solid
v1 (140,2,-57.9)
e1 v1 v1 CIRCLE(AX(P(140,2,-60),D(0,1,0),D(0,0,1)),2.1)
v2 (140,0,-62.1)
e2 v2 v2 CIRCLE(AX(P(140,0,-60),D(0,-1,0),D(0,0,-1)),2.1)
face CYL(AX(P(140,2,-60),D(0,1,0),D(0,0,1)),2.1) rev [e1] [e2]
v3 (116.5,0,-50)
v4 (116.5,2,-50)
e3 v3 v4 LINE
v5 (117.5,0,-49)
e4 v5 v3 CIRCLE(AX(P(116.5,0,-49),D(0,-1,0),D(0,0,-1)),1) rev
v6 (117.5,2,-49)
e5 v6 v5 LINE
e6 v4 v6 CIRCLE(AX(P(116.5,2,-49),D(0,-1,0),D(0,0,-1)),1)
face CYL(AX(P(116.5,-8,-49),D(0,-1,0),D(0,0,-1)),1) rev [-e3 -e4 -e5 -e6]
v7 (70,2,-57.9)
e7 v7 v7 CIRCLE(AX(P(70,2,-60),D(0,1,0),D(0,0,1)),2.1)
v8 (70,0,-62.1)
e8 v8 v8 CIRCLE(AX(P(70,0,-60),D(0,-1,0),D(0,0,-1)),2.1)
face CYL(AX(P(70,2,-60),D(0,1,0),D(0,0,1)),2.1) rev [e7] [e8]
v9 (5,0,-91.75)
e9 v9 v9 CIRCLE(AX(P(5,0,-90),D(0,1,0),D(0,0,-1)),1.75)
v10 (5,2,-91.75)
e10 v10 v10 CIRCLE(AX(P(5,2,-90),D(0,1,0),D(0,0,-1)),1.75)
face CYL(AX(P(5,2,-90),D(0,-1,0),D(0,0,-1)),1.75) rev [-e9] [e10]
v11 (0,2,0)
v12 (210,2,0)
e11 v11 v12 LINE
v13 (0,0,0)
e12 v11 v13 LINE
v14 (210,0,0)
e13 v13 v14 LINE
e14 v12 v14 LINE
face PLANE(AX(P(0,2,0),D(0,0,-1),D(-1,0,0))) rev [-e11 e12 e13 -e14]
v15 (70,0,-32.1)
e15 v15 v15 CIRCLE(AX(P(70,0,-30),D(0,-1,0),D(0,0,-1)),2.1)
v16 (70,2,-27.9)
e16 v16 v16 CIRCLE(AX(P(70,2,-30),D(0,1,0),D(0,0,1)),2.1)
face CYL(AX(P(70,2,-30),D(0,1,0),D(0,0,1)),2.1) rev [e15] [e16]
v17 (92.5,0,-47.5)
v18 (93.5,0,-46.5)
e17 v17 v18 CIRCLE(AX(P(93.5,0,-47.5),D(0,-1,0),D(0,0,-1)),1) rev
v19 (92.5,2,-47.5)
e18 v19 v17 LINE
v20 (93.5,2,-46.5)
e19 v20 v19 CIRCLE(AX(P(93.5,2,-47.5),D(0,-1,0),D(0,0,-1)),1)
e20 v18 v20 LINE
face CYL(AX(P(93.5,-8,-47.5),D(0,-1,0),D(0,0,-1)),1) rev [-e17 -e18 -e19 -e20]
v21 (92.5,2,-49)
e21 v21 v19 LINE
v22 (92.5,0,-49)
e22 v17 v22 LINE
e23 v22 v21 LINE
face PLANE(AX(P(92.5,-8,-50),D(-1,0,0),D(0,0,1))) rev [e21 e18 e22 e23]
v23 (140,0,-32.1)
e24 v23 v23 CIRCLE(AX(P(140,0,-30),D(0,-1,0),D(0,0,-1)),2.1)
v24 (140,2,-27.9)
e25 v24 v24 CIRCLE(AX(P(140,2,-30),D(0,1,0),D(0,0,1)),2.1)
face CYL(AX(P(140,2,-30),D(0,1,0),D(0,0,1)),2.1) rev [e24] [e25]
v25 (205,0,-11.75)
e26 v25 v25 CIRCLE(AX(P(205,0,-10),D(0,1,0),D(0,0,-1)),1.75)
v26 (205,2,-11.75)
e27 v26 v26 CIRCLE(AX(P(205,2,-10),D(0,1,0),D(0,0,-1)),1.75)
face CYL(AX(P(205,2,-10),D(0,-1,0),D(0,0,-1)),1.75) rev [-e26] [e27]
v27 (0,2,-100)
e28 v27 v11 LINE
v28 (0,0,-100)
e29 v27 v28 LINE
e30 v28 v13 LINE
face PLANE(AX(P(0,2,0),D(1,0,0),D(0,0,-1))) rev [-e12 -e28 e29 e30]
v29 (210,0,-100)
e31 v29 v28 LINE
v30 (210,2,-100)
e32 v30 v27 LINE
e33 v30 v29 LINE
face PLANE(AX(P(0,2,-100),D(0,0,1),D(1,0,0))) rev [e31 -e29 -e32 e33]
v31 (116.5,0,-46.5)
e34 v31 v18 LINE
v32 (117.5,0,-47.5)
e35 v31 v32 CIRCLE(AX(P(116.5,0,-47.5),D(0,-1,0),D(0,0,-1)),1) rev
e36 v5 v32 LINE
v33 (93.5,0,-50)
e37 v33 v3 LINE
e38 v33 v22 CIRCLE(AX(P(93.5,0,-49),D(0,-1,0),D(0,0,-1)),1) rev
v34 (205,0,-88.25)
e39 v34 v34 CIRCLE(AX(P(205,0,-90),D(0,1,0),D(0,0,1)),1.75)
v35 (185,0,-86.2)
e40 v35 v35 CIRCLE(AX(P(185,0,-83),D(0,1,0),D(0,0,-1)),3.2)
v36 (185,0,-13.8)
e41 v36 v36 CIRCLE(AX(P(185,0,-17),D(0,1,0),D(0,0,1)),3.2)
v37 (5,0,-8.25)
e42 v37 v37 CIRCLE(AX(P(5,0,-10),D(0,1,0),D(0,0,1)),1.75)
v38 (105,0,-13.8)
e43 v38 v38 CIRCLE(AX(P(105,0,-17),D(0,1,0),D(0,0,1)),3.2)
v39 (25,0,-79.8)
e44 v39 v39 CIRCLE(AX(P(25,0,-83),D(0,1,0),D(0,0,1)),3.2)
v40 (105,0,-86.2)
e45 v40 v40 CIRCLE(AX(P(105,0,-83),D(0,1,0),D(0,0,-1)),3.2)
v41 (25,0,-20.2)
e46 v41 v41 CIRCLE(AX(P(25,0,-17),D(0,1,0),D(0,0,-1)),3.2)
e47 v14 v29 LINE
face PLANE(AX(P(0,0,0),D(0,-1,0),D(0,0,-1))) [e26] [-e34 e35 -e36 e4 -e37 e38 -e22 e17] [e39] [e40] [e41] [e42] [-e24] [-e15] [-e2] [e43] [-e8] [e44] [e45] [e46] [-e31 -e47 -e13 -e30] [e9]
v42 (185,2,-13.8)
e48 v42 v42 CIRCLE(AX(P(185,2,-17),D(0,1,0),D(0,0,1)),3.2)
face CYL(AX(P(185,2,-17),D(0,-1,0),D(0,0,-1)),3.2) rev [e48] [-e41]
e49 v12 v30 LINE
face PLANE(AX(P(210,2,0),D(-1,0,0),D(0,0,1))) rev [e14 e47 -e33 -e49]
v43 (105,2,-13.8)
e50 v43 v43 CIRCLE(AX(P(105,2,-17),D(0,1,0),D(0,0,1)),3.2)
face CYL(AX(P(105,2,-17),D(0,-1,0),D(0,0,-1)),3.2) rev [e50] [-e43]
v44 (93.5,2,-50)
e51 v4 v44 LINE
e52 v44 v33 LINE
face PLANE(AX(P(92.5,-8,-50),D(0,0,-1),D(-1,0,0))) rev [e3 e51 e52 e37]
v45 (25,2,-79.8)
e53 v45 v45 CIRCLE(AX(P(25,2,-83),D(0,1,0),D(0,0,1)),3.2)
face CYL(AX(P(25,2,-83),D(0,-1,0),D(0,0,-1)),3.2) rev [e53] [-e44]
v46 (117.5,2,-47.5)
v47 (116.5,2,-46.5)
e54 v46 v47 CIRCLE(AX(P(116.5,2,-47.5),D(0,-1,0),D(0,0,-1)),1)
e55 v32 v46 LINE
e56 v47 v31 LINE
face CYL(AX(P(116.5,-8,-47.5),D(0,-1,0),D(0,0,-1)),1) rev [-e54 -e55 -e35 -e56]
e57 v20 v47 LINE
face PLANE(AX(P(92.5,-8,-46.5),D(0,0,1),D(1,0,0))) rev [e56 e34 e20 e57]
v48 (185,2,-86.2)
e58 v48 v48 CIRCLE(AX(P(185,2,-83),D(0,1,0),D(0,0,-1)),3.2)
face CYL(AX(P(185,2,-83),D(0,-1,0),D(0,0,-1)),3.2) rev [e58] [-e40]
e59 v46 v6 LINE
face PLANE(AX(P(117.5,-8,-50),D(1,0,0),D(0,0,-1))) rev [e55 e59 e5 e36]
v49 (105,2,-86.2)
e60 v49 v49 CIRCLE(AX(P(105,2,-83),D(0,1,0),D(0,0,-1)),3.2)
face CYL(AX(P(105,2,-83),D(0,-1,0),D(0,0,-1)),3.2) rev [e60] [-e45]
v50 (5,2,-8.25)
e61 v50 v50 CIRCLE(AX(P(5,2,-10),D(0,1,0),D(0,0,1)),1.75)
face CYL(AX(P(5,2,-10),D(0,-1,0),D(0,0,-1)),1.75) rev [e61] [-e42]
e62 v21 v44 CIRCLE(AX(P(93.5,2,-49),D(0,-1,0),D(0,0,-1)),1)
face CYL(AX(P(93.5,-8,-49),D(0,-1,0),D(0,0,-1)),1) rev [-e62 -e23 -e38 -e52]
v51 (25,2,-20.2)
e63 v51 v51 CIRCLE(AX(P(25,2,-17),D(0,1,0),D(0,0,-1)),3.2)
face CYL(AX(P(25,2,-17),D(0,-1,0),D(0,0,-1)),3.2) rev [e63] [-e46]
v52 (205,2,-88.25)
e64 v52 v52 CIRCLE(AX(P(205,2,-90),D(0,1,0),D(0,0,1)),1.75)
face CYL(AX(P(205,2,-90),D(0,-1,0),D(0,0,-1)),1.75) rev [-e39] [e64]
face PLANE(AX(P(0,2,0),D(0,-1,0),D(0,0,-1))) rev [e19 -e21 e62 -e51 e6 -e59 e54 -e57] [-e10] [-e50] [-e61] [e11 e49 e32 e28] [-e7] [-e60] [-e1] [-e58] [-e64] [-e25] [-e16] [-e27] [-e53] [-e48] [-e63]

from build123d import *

# Parameters (mm, degrees)
SKETCH_1_W            = 210
SKETCH_1_H            = 100
SKETCH_1_R            = 3.2
SKETCH_1_R_2          = 1.75
EXTRUDE_1_DEPTH       = 2
HOLE_WIZARD_M41_D     = 4.2
HOLE_WIZARD_M41_DEPTH = 8
HOLE_WIZARD_M41_TIP   = 1.2618073
SKETCH_4_W            = 25
SKETCH_4_H            = 3.5
CUT_EXTRUDE_1_DEPTH   = 10
FILLET_1_R            = 1


with BuildPart() as part:
    # Эскиз1 → Бобышка-Вытянуть1 (new body)
    with BuildSketch(Plane(origin=(0, 0, 0), x_dir=(1, 0, 0), z_dir=(0, 1, 0))):
        with Locations((105, 50)):
            Rectangle(SKETCH_1_W, SKETCH_1_H)
        with Locations((105, 17)):
            Circle(SKETCH_1_R, mode=Mode.SUBTRACT)
        with Locations((185, 17)):
            Circle(SKETCH_1_R, mode=Mode.SUBTRACT)
        with Locations((25, 17)):
            Circle(SKETCH_1_R, mode=Mode.SUBTRACT)
        with Locations((25, 83)):
            Circle(SKETCH_1_R, mode=Mode.SUBTRACT)
        with Locations((105, 83)):
            Circle(SKETCH_1_R, mode=Mode.SUBTRACT)
        with Locations((185, 83)):
            Circle(SKETCH_1_R, mode=Mode.SUBTRACT)
        with Locations((5, 10)):
            Circle(SKETCH_1_R_2, mode=Mode.SUBTRACT)
        with Locations((5, 90)):
            Circle(SKETCH_1_R_2, mode=Mode.SUBTRACT)
        with Locations((205, 10)):
            Circle(SKETCH_1_R_2, mode=Mode.SUBTRACT)
        with Locations((205, 90)):
            Circle(SKETCH_1_R_2, mode=Mode.SUBTRACT)
    extrude(amount=EXTRUDE_1_DEPTH)

    # Сверло под метчик  спиральное M41
    with Locations(Plane(origin=(0, 2, 0), x_dir=(1, 0, 0), z_dir=(0, 1, 0))):
        with Locations((70, 60), (140, 60), (140, 30), (70, 30)):
            Hole(HOLE_WIZARD_M41_D / 2, depth=HOLE_WIZARD_M41_DEPTH)
            with Locations((0, 0, -(HOLE_WIZARD_M41_DEPTH + HOLE_WIZARD_M41_TIP / 2))):  # 118° drill point
                Cone(0, HOLE_WIZARD_M41_D / 2, HOLE_WIZARD_M41_TIP, mode=Mode.SUBTRACT)

    # Эскиз4 → Вырез-Вытянуть1 (cut)
    with BuildSketch(Plane(origin=(0, 2, 0), x_dir=(1, 0, 0), z_dir=(0, 1, 0))):
        with Locations((105, 48.25)):
            Rectangle(SKETCH_4_W, SKETCH_4_H)
    extrude(amount=-CUT_EXTRUDE_1_DEPTH, mode=Mode.SUBTRACT)

    # Скругление1
    fillet_1_edges = [part.edges().sort_by_distance(p)[0] for p in [
        (92.5, 1, -46.5),
        (92.5, 1, -50),
        (117.5, 1, -50),
        (117.5, 1, -46.5),
    ]]
    fillet(fillet_1_edges, radius=FILLET_1_R)


solid = part.part
